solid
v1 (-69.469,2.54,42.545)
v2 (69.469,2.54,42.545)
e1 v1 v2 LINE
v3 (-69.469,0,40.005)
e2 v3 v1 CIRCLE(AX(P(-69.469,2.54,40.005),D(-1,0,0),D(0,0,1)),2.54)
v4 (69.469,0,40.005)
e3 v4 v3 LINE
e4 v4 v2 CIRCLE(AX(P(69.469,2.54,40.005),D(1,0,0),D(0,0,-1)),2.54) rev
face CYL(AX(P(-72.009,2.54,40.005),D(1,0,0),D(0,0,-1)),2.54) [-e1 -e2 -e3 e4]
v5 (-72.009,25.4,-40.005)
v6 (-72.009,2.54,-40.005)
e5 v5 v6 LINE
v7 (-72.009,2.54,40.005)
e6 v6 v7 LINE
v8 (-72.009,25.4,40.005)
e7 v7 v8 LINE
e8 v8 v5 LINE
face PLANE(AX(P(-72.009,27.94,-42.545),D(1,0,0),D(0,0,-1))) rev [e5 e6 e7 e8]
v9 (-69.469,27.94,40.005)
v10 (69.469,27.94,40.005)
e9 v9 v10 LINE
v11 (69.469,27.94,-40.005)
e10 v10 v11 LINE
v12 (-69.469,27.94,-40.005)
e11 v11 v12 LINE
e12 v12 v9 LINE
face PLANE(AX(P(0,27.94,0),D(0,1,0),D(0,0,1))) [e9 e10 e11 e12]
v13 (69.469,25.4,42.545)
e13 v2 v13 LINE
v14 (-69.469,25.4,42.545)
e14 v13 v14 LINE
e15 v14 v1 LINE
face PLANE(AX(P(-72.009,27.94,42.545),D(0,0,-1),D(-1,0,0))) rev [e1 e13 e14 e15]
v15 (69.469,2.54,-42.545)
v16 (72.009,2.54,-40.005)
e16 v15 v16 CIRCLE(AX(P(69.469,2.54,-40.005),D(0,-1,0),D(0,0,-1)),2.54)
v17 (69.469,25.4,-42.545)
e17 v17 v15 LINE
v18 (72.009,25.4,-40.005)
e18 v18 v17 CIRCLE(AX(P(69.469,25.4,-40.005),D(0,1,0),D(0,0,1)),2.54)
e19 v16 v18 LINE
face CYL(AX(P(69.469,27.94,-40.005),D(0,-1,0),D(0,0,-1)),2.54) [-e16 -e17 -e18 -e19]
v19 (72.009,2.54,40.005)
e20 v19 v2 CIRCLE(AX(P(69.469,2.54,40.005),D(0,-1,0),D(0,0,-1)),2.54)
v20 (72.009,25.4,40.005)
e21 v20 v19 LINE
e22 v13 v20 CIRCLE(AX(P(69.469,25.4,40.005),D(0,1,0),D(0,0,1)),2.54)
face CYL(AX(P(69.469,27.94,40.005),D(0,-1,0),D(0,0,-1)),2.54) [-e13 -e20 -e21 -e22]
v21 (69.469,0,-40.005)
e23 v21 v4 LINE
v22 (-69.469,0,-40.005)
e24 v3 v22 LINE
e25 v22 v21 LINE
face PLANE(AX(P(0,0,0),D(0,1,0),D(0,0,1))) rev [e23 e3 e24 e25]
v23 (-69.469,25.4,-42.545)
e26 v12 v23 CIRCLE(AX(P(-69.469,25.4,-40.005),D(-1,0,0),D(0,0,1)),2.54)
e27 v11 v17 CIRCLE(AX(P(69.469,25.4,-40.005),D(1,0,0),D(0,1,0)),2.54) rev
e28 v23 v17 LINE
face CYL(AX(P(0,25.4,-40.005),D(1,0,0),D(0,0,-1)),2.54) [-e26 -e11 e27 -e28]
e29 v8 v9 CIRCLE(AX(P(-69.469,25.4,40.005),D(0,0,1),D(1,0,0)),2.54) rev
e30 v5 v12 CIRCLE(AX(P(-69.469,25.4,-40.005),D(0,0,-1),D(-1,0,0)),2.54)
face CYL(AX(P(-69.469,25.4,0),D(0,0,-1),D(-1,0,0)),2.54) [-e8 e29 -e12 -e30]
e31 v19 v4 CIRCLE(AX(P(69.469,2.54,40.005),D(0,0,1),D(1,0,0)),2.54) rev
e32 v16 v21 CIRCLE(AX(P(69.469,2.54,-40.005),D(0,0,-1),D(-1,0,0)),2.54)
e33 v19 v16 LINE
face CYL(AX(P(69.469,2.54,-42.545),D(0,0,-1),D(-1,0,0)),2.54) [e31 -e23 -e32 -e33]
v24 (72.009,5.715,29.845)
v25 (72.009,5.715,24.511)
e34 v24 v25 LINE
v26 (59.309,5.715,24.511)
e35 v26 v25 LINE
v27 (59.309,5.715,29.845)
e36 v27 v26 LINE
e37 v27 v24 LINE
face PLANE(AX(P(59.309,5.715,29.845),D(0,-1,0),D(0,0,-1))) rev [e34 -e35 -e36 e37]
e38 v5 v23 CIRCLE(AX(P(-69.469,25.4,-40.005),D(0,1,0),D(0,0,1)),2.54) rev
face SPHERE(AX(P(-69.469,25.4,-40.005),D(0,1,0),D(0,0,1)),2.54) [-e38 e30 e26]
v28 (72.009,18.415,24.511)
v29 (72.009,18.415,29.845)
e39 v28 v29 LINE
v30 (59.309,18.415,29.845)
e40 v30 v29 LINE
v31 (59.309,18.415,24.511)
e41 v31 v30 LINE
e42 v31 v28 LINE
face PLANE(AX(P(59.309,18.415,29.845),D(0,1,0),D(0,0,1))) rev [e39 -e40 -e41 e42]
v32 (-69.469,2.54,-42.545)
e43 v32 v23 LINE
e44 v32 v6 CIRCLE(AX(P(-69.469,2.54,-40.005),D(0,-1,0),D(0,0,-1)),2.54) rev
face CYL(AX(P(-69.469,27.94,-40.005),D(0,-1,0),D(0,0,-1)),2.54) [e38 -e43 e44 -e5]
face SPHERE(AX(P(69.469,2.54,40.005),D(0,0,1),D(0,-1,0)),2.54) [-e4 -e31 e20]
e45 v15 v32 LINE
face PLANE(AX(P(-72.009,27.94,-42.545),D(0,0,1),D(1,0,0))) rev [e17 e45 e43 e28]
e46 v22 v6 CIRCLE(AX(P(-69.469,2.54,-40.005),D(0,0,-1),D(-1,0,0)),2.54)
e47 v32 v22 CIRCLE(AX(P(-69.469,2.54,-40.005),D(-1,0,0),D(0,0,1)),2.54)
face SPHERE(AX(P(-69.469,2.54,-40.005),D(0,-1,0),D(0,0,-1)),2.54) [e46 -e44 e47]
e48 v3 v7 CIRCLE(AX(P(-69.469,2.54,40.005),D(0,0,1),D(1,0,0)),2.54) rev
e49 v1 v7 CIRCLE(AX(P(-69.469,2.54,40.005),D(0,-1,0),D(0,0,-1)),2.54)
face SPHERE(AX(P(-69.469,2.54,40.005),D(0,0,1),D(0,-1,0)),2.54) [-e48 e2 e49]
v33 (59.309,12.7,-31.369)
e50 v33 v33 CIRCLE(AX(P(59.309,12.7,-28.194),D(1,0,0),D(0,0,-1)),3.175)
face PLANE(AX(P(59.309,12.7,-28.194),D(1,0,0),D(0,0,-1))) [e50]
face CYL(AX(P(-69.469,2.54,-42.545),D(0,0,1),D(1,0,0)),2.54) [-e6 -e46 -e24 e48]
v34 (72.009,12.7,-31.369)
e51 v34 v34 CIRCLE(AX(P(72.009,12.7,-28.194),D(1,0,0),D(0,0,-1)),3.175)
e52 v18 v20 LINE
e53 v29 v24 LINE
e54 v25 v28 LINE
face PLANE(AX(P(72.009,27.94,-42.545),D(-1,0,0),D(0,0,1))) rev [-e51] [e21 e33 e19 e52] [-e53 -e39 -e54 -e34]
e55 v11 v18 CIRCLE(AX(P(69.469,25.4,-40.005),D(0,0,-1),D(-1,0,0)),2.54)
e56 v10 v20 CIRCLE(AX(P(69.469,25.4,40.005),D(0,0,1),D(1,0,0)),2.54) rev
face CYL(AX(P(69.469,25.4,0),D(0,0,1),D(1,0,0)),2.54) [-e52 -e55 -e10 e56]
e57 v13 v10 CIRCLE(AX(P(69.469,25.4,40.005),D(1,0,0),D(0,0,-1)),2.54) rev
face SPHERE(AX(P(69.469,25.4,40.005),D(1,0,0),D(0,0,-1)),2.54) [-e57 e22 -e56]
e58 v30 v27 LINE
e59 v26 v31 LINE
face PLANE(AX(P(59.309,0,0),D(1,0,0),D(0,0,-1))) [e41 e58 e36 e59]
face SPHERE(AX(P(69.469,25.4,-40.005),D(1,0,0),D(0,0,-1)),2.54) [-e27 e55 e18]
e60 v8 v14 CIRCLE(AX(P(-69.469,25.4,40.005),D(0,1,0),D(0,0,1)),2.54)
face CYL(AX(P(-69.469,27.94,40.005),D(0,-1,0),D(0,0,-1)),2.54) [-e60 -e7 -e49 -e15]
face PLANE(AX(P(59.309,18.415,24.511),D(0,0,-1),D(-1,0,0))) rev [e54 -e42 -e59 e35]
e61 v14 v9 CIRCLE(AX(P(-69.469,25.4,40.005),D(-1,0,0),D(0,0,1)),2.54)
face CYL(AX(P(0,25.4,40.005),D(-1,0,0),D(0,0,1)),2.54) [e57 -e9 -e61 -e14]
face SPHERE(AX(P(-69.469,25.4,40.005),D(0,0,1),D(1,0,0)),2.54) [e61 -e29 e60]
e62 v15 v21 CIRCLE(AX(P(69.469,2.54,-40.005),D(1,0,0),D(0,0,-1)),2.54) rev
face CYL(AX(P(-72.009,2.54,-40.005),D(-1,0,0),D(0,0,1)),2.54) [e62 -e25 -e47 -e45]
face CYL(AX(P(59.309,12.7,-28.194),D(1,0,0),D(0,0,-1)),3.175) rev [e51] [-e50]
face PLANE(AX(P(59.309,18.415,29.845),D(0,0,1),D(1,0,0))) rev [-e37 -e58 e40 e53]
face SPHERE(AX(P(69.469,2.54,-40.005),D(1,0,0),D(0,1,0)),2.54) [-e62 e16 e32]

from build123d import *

# Parameters (mm, degrees)
SKETCH1_W           = 144.018
SKETCH1_H           = 85.09
BOSS_EXTRUDE1_DEPTH = 27.94
FILLET1_R           = 2.54
SKETCH3_R           = 3.175
SKETCH3_W           = 5.334
SKETCH3_H           = 12.7
CUT_EXTRUDE1_DEPTH  = 12.7


with BuildPart() as part:
    # Sketch1 → Boss-Extrude1 (new body)
    with BuildSketch(Plane(origin=(0, 0, 0), x_dir=(1, 0, 0), z_dir=(0, 1, 0))):
        Rectangle(SKETCH1_W, SKETCH1_H)
    extrude(amount=BOSS_EXTRUDE1_DEPTH)

    # Fillet1
    fillet1_edges = [part.edges().sort_by_distance(p)[0] for p in [
        (-72.009, 27.94, 0),
        (0, 27.94, 42.545),
        (72.009, 27.94, 0),
        (0, 0, 42.545),
        (-72.009, 0, 0),
        (0, 0, -42.545),
        (72.009, 0, 0),
        (72.009, 13.97, 42.545),
        (-72.009, 13.97, 42.545),
        (-72.009, 13.97, -42.545),
        (72.009, 13.97, -42.545),
        (0, 27.94, -42.545),
    ]]
    fillet(fillet1_edges, radius=FILLET1_R)

    # Sketch3 → Cut-Extrude1 (cut)
    with BuildSketch(Plane(origin=(72.009, 0, 0), x_dir=(0, 0, -1), z_dir=(1, 0, 0))):
        with Locations((28.194, 12.7)):
            Circle(SKETCH3_R)
        with Locations((-27.178, 12.065)):
            Rectangle(SKETCH3_W, SKETCH3_H)
    extrude(amount=-CUT_EXTRUDE1_DEPTH, mode=Mode.SUBTRACT)


solid = part.part
